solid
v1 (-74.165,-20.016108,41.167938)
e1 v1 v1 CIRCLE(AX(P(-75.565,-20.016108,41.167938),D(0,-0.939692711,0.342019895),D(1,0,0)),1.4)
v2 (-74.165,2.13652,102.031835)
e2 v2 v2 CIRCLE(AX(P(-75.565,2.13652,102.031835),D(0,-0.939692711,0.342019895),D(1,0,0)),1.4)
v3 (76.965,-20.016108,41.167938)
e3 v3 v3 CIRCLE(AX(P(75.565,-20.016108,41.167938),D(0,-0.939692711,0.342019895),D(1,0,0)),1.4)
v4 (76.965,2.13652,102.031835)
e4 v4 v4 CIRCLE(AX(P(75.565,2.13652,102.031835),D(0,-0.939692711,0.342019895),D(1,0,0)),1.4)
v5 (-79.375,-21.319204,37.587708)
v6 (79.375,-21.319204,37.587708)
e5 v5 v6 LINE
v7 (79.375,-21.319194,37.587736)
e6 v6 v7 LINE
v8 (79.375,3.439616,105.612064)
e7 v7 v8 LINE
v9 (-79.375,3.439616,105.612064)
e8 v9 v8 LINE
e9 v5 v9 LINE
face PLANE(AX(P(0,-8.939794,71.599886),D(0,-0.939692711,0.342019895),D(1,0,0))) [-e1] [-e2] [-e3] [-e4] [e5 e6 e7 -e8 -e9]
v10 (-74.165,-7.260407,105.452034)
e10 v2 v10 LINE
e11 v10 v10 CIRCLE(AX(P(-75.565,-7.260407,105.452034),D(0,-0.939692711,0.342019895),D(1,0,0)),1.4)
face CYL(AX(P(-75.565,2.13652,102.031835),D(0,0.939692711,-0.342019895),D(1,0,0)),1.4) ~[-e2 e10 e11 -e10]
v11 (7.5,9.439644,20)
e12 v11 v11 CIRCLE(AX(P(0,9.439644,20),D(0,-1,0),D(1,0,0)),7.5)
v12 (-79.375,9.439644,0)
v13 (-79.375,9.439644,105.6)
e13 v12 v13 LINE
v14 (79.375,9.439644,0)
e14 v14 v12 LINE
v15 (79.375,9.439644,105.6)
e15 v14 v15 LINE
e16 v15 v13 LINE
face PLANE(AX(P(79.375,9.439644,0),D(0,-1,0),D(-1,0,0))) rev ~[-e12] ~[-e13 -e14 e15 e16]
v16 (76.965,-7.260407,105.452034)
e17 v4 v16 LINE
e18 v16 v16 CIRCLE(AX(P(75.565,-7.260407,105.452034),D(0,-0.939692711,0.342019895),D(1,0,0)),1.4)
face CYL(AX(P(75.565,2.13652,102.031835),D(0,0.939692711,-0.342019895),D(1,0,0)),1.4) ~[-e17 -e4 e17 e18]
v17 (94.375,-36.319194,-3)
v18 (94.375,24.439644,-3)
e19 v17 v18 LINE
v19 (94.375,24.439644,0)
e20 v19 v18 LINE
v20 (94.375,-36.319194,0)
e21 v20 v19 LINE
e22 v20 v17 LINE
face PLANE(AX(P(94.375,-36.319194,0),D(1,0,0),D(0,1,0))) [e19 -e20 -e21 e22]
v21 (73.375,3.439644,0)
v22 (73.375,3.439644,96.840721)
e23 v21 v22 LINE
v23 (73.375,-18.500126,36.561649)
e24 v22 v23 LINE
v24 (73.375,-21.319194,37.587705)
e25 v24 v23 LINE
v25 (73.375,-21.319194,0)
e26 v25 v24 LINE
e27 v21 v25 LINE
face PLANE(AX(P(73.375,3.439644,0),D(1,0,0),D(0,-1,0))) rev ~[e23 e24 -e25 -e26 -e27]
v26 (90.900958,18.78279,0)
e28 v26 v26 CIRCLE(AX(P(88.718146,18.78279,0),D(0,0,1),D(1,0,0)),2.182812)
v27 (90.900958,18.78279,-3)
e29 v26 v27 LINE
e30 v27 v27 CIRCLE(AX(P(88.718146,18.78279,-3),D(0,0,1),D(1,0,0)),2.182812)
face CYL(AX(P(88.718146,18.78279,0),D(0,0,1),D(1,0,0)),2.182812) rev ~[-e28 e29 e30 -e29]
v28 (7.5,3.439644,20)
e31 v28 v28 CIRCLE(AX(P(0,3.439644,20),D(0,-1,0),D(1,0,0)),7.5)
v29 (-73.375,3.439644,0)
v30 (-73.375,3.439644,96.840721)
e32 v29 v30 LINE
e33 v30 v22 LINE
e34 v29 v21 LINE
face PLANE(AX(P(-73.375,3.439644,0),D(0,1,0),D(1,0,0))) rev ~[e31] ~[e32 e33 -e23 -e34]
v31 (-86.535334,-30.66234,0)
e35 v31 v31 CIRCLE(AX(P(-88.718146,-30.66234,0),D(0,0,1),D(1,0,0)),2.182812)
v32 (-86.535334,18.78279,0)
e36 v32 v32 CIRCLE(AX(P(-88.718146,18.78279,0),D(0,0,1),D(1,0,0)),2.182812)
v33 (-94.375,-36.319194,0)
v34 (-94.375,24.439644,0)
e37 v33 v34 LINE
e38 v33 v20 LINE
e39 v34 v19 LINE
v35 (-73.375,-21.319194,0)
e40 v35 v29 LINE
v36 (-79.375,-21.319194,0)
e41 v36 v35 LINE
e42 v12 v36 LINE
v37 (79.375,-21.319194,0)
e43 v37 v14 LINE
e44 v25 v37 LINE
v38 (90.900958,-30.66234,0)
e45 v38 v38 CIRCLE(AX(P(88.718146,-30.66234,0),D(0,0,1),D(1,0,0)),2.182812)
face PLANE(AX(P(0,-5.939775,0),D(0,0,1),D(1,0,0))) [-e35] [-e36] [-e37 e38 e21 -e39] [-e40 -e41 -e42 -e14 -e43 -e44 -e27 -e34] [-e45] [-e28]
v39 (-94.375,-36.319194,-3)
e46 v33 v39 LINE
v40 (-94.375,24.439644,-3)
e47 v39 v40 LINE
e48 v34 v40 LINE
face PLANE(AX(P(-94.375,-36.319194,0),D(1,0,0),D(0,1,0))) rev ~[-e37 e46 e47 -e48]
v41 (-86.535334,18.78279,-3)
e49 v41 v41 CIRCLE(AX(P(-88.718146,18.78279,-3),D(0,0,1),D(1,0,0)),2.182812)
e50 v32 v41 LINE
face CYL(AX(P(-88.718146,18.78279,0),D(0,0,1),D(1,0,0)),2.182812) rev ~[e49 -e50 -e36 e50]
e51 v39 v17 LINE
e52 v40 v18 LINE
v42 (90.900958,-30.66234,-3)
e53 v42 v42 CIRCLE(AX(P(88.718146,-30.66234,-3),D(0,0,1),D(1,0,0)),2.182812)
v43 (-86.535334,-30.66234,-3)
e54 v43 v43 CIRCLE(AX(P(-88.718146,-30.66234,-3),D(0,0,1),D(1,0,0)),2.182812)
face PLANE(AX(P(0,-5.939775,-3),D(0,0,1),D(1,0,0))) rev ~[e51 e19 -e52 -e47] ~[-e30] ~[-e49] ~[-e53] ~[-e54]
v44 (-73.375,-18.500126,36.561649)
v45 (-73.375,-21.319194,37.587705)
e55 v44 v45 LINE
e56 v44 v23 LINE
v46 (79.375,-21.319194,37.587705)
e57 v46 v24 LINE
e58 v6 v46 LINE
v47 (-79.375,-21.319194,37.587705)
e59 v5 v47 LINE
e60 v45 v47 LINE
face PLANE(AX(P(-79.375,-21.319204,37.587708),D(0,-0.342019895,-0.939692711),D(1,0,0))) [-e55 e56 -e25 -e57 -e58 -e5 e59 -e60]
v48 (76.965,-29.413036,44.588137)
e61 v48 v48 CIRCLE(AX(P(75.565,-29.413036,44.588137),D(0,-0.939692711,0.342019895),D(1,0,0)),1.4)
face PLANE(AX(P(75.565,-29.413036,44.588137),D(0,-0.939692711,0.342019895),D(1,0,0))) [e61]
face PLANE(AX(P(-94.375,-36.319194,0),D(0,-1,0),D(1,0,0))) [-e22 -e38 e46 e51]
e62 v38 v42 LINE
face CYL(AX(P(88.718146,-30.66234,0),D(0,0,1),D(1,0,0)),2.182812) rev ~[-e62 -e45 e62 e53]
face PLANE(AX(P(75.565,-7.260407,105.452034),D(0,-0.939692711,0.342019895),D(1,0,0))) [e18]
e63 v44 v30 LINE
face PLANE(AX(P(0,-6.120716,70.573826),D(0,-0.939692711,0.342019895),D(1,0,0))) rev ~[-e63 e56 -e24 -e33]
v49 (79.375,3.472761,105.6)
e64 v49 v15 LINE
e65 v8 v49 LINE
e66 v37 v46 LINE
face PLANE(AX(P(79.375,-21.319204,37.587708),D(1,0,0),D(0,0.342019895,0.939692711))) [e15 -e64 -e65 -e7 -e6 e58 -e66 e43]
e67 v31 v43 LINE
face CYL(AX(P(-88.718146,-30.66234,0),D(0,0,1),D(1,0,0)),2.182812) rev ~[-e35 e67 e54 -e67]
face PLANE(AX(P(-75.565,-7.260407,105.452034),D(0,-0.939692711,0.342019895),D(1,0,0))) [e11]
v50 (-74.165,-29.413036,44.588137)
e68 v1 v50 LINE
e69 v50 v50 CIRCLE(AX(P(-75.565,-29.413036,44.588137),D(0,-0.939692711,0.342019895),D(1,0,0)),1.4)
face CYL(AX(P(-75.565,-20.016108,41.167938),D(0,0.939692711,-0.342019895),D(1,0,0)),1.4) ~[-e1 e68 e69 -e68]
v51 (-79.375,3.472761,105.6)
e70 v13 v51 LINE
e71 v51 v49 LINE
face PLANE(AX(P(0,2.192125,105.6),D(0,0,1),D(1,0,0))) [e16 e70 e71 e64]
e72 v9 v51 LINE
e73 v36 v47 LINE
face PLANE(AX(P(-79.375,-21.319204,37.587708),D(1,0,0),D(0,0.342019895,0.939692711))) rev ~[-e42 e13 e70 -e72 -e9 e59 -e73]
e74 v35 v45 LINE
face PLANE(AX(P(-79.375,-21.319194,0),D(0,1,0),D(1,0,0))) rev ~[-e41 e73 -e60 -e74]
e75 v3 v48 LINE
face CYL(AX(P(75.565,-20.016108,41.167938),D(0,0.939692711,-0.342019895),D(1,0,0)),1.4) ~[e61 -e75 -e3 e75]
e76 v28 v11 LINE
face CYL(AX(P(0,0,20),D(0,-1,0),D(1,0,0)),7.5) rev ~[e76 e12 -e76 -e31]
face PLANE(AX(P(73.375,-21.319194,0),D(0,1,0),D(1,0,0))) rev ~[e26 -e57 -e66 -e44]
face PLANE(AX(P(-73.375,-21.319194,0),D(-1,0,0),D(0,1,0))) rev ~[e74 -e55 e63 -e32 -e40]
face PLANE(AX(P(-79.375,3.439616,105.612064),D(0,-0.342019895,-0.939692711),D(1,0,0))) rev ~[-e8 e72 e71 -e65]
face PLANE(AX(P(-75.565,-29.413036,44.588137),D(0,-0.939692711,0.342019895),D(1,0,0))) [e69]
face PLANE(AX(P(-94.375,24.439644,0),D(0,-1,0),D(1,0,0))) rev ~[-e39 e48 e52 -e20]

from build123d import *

# Parameters (mm, degrees)
SKETCH001_W     = 188.75
SKETCH001_H     = 60.758838
SKETCH001_R     = 2.182812
PAD_DEPTH       = 3
PAD001_DEPTH    = 105.6
SKETCH004_W     = 328.820023
SKETCH004_H     = 275.658927
POCKET_DEPTH    = 200
SKETCH002_W     = 158.75
SKETCH002_H     = 72.39
PAD002_DEPTH    = 3
SKETCH003_R     = 1.4
PAD003_DEPTH    = 10
SKETCH005_R     = 7.5
POCKET001_DEPTH = 24.440644


with BuildPart() as part:
    # Sketch001 → Pad (new body)
    with BuildSketch(Plane.XY):
        with Locations((0, -5.939775)):
            Rectangle(SKETCH001_W, SKETCH001_H)
        with Locations((88.718146, 18.78279)):
            Circle(SKETCH001_R, mode=Mode.SUBTRACT)
        with Locations((88.718146, -30.66234)):
            Circle(SKETCH001_R, mode=Mode.SUBTRACT)
        with Locations((-88.718146, -30.66234)):
            Circle(SKETCH001_R, mode=Mode.SUBTRACT)
        with Locations((-88.718146, 18.78279)):
            Circle(SKETCH001_R, mode=Mode.SUBTRACT)
    extrude(amount=-PAD_DEPTH)

    # Sketch → Pad001 (join)
    with BuildSketch(Plane.XY):
        Polygon((73.375, -21.319194), (79.375, -21.319194), (79.375, 9.439644), (-79.375, 9.439644), (-79.375, -21.319194), (-73.375, -21.319194), (-73.375, 3.439644), (73.375, 3.439644), align=None)
    extrude(amount=PAD001_DEPTH)

    # Sketch004 (on DatumPlane) → Pocket (cut)
    with BuildSketch(Plane(origin=(0, -35, 0), x_dir=(1, 0, 0), z_dir=(0, -0.939693, 0.34202))):
        with Locations((-2.626228, 137.829464)):
            Rectangle(SKETCH004_W, SKETCH004_H)
    extrude(amount=POCKET_DEPTH, mode=Mode.SUBTRACT)

    # Sketch002 (on DatumPlane) → Pad002 (join)
    with BuildSketch(Plane(origin=(0, -35, 0), x_dir=(1, 0, 0), z_dir=(0, -0.939693, 0.34202))):
        with Locations((0, 76.195)):
            Rectangle(SKETCH002_W, SKETCH002_H)
    extrude(amount=-PAD002_DEPTH)

    # Sketch003 (on DatumPlane) → Pad003 (join)
    with BuildSketch(Plane(origin=(0, -35, 0), x_dir=(1, 0, 0), z_dir=(0, -0.939693, 0.34202))):
        with Locations((-75.565, 108.58)):
            Circle(SKETCH003_R)
        with Locations((75.565, 108.58)):
            Circle(SKETCH003_R)
        with Locations((75.565, 43.81)):
            Circle(SKETCH003_R)
        with Locations((-75.565, 43.81)):
            Circle(SKETCH003_R)
    extrude(amount=PAD003_DEPTH)

    # Sketch005 → Pocket001 (cut, through all)
    with BuildSketch(Plane.XZ):
        with Locations((0, 20)):
            Circle(SKETCH005_R)
    extrude(amount=-POCKET001_DEPTH, mode=Mode.SUBTRACT)


solid = part.part
